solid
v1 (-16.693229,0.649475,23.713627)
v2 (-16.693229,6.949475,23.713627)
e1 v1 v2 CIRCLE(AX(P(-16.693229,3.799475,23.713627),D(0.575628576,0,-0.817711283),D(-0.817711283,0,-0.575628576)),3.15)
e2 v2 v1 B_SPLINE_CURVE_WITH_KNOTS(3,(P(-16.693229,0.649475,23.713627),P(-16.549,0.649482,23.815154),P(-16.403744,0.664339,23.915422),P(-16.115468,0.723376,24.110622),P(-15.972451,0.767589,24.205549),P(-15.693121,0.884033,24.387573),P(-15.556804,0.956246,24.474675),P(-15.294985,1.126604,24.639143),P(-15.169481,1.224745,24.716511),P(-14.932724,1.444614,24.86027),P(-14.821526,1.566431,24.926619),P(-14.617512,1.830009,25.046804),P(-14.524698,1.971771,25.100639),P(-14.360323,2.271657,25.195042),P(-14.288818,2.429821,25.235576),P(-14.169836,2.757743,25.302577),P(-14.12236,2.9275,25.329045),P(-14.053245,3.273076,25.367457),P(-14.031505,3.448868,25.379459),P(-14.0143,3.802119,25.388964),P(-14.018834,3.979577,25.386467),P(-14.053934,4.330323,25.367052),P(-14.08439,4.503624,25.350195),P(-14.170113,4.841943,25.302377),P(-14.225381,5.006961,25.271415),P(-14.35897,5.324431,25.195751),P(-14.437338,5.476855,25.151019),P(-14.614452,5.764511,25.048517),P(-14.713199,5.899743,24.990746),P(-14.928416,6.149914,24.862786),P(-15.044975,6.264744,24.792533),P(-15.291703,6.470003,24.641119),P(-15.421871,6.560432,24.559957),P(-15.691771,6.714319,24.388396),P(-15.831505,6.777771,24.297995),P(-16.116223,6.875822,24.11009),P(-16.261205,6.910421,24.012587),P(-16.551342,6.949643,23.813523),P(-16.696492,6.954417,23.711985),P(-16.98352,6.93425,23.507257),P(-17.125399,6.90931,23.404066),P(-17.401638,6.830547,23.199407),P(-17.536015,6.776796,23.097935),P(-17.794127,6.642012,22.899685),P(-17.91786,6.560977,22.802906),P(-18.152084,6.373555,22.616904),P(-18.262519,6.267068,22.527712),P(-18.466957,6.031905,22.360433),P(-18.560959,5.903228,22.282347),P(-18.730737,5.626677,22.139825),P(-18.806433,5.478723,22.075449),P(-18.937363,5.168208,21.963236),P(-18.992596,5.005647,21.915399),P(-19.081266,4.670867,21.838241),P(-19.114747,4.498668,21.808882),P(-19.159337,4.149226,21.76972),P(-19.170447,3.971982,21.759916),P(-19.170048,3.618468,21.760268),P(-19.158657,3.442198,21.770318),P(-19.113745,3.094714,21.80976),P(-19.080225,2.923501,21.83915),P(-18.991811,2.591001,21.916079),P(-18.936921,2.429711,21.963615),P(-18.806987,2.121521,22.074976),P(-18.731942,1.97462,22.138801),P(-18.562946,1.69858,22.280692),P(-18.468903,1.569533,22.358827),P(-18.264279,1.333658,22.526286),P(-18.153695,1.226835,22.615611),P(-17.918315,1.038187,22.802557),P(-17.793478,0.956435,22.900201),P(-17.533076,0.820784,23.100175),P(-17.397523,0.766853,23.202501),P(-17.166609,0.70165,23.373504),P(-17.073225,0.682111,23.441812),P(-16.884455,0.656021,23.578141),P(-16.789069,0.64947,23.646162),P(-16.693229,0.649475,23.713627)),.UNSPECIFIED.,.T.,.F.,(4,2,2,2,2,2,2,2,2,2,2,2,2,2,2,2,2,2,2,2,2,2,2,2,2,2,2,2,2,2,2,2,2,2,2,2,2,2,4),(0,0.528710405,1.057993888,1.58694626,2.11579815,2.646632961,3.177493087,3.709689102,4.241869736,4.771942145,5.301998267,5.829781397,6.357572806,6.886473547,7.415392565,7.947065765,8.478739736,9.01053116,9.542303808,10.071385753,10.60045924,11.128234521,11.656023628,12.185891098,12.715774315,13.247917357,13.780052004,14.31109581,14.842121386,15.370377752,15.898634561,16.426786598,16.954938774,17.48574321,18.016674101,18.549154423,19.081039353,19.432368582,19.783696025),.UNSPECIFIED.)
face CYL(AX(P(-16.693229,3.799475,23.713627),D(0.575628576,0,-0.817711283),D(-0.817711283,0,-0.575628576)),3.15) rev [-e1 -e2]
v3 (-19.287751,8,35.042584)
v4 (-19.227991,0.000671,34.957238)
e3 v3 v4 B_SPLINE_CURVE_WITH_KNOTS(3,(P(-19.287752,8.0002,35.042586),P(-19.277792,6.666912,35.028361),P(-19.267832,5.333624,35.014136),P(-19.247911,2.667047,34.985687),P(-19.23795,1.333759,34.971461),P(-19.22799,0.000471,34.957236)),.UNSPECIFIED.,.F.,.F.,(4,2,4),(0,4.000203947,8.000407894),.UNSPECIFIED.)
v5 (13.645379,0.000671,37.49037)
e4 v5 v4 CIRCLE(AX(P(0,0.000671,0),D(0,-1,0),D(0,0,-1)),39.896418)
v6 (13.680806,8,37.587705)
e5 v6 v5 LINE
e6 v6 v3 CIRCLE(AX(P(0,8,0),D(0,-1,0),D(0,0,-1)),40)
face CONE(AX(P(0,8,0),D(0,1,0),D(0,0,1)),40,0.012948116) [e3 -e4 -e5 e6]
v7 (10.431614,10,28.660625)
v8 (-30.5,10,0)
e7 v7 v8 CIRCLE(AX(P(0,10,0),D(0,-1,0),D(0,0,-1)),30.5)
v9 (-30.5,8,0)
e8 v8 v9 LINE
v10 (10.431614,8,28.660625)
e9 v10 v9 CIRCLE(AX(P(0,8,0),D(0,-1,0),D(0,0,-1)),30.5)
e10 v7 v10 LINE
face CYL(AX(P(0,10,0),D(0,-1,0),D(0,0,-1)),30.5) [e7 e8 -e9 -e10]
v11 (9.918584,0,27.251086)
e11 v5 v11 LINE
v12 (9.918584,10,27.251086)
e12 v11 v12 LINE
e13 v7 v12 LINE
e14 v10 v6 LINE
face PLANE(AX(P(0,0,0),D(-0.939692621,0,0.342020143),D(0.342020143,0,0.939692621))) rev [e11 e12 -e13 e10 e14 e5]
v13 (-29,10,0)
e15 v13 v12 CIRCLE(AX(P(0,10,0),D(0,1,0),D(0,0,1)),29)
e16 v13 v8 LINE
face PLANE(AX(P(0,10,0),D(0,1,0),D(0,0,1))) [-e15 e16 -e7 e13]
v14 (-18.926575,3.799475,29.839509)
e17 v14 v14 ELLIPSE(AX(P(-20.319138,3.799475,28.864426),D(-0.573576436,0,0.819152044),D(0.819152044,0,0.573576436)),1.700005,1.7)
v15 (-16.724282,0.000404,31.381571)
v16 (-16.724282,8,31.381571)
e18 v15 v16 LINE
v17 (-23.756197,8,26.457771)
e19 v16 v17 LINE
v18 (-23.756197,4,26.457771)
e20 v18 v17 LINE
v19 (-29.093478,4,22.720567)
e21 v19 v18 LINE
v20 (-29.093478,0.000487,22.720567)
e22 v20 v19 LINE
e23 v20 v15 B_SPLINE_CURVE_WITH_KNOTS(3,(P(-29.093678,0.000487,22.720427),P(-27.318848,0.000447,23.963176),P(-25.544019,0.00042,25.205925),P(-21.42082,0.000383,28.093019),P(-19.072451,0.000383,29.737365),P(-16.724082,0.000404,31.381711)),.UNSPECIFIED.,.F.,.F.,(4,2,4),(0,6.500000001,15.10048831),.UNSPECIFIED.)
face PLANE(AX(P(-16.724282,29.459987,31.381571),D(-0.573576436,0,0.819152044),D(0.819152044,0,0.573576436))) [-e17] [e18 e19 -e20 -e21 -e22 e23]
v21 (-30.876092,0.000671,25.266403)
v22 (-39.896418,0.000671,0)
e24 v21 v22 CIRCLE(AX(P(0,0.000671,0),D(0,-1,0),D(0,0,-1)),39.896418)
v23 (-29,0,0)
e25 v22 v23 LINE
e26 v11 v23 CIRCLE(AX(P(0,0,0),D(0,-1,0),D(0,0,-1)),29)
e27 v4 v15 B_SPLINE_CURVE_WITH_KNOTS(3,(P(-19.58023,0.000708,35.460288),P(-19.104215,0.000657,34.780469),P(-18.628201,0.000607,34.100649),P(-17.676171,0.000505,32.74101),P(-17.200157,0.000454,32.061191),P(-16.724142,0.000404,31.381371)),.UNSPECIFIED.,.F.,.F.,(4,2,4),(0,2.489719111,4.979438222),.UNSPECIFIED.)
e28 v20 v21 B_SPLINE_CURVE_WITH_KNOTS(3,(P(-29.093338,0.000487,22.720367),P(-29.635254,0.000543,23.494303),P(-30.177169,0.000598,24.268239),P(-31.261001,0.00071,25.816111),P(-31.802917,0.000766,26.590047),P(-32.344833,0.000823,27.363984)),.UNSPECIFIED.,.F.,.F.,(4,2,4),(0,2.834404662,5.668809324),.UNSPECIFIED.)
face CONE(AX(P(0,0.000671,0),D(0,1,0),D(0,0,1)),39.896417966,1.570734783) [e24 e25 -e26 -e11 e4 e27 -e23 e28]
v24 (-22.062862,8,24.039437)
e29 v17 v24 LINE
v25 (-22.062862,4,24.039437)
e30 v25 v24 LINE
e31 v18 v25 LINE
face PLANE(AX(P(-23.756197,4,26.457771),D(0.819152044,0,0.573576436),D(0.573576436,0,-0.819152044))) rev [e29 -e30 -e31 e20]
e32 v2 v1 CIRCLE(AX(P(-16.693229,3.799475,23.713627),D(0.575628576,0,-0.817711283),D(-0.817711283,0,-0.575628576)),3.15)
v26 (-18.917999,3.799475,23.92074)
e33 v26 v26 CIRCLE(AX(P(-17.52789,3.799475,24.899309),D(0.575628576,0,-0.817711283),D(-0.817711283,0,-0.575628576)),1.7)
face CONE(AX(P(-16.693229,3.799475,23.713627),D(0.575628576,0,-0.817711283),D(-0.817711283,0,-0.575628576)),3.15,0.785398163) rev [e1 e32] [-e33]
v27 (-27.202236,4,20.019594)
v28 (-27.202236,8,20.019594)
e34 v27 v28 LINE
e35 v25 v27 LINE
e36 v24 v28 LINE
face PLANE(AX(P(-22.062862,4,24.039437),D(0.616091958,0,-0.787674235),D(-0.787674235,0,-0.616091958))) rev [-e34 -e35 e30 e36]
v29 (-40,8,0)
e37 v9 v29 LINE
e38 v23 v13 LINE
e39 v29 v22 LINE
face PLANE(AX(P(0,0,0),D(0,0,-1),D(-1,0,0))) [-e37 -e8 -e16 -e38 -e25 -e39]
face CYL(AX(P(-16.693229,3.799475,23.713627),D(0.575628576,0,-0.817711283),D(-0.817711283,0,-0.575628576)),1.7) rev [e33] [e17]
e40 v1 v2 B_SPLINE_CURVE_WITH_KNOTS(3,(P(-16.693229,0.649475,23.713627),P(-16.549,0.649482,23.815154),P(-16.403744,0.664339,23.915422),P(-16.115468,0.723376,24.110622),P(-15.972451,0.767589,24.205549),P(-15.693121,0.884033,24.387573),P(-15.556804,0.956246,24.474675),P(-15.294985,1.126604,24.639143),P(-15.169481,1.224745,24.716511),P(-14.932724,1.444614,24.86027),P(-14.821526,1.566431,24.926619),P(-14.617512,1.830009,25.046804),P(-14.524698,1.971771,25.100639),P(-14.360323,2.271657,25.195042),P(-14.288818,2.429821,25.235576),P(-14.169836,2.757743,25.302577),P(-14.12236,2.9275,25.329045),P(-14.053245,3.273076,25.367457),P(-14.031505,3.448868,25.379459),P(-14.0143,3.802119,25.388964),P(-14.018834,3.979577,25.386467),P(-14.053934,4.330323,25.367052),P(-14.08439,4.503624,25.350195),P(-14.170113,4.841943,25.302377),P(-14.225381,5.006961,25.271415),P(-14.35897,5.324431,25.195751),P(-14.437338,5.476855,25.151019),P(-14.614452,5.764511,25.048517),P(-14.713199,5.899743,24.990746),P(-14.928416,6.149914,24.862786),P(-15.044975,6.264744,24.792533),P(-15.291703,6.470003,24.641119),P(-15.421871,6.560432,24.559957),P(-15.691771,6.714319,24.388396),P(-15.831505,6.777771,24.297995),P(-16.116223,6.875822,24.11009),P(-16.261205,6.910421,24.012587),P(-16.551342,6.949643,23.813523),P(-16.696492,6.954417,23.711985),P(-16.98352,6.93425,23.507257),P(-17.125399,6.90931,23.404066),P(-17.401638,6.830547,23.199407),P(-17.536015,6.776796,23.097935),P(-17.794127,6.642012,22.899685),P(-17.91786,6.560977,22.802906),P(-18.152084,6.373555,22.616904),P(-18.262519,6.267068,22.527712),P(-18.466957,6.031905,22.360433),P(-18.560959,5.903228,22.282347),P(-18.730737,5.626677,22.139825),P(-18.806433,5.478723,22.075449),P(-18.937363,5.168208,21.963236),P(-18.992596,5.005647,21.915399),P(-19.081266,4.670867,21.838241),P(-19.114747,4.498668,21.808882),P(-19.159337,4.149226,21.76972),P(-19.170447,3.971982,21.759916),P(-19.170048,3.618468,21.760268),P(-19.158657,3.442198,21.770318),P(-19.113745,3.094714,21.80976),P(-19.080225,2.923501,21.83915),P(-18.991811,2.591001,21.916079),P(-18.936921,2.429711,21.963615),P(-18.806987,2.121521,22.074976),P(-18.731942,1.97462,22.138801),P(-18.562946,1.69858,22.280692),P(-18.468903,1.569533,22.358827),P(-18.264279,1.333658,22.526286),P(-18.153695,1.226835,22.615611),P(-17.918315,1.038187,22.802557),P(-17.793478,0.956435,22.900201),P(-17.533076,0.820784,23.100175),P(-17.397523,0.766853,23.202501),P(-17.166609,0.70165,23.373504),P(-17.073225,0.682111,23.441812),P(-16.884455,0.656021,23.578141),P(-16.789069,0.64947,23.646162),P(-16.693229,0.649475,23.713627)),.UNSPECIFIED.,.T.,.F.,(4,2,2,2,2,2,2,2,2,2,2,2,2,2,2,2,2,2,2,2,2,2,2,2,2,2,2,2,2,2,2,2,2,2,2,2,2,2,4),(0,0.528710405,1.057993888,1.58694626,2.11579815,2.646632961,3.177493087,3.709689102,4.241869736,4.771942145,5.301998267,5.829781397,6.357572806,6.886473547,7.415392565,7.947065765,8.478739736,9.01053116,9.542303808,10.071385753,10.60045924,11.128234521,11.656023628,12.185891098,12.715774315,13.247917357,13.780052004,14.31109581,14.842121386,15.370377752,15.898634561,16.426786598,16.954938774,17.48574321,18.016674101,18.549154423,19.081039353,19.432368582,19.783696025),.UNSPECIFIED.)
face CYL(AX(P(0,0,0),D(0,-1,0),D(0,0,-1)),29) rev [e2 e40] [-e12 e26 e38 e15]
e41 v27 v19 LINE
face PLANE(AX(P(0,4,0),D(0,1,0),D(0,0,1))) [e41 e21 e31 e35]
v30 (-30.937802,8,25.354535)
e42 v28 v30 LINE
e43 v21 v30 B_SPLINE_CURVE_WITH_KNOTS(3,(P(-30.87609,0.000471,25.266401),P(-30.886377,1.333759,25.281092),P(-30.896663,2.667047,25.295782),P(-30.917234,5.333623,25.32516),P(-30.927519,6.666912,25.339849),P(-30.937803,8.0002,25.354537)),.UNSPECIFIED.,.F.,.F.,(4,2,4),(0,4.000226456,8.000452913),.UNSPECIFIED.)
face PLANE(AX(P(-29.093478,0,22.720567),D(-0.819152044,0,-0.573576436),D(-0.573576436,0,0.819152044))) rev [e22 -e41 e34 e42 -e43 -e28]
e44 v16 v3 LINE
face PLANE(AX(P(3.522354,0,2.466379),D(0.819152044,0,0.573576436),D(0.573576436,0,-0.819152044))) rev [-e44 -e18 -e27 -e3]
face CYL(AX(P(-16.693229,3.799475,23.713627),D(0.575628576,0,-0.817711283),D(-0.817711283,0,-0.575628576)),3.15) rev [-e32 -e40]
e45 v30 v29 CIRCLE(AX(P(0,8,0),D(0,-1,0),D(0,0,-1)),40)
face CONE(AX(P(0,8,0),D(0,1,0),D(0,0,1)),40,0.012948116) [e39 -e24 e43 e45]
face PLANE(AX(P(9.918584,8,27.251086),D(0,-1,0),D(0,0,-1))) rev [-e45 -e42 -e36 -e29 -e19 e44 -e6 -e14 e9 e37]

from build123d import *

# Parameters (mm, degrees)
REVOLVE1_ANGLE                                      = 110
BOSS_EXTRUDE2_START                                 = 2
BOSS_EXTRUDE2_DEPTH                                 = 2
CUT_EXTRUDE3_DEPTH                                  = 4.3
CUT_EXTRUDE3_DEPTH_BACK                             = 4.3
SKETCH6_W                                           = 4.978949903
SKETCH6_H                                           = 35.147852634
CSK_FOR_M3_COUNTERSUNK_FLAT_HEAD_SCREW1_D           = 3.4
CSK_FOR_M3_COUNTERSUNK_FLAT_HEAD_SCREW1_CSINK_D     = 6.3
CSK_FOR_M3_COUNTERSUNK_FLAT_HEAD_SCREW1_CSINK_ANGLE = 90
CUT_EXTRUDE4_DEPTH                                  = 58.131427582
CUT_EXTRUDE5_DEPTH                                  = 4


with BuildPart() as part:
    # Sketch1 → Revolve1 (revolve)
    with BuildSketch(Plane.XY):
        Polygon((-29, 0), (-29, 8), (-40, 8), (-39.896417966, 0.000670605), align=None)
    revolve(axis=Axis((0, 0, 0), (0, 1, 0)), revolution_arc=REVOLVE1_ANGLE)

    # Sketch2 → Boss-Extrude2 (add)
    with BuildSketch(Plane(origin=(0, 8, 0), x_dir=(1, 0, 0), z_dir=(0, 1, 0)).offset(BOSS_EXTRUDE2_START)):
        with BuildLine():
            Line((-29, 0), (-30.5, 0))
            ThreePointArc((-30.5, 0), (-17.494081309, -24.984137351), (10.431614371, -28.660624934))
            Line((10.431614371, -28.660624934), (9.918584156, -27.251086003))
            ThreePointArc((9.918584156, -27.251086003), (-16.633716654, -23.755409284), (-29, 0))
        make_face()
    extrude(amount=-BOSS_EXTRUDE2_DEPTH)

    # Sketch6 → Cut-Extrude3 (cut, two sides: drawn at the far end of the back side and taken through both)
    with BuildSketch(Plane(origin=(0, 0, 0), x_dir=(0.5735764363510444, 0, -0.819152044288993), z_dir=(0.819152044288993, 0, 0.5735764363510444)).offset(-CUT_EXTRUDE3_DEPTH_BACK)):
        with Locations((-37.788406982, 11.886060953)):
            Rectangle(SKETCH6_W, SKETCH6_H)
    extrude(amount=CUT_EXTRUDE3_DEPTH + CUT_EXTRUDE3_DEPTH_BACK, mode=Mode.SUBTRACT)

    # CSK for M3 Countersunk Flat Head Screw1 (through all)
    with Locations(Plane(origin=(-16.693228701, 3.799474552, 23.713627212), x_dir=(-0.817711283166, 0, -0.575628575891), z_dir=(0.575628575891, 0, -0.817711283166))):
        with Locations((0, 0)):
            CounterSinkHole(CSK_FOR_M3_COUNTERSUNK_FLAT_HEAD_SCREW1_D / 2, CSK_FOR_M3_COUNTERSUNK_FLAT_HEAD_SCREW1_CSINK_D / 2, counter_sink_angle=CSK_FOR_M3_COUNTERSUNK_FLAT_HEAD_SCREW1_CSINK_ANGLE)

    # Sketch13 → Cut-Extrude4 (cut, through all)
    with BuildSketch(Plane(origin=(0, 8, 0), x_dir=(1, 0, 0), z_dir=(0, 1, 0))):
        Polygon((-23.768989432, -26.448813658), (-29.09347772, -22.720566822), (-32.344693082, -27.363783561), (-27.020204794, -31.092030397), align=None)
    extrude(amount=-CUT_EXTRUDE4_DEPTH, mode=Mode.SUBTRACT)

    # Sketch14 → Cut-Extrude5 (cut)
    with BuildSketch(Plane(origin=(0, 8, 0), x_dir=(1, 0, 0), z_dir=(0, 1, 0))):
        Polygon((-29.09347772, -22.720566822), (-23.756197421, -26.457770721), (-22.0628619, -24.039436971), (-27.202235941, -20.019593646), align=None)
    extrude(amount=-CUT_EXTRUDE5_DEPTH, mode=Mode.SUBTRACT)


solid = part.part
